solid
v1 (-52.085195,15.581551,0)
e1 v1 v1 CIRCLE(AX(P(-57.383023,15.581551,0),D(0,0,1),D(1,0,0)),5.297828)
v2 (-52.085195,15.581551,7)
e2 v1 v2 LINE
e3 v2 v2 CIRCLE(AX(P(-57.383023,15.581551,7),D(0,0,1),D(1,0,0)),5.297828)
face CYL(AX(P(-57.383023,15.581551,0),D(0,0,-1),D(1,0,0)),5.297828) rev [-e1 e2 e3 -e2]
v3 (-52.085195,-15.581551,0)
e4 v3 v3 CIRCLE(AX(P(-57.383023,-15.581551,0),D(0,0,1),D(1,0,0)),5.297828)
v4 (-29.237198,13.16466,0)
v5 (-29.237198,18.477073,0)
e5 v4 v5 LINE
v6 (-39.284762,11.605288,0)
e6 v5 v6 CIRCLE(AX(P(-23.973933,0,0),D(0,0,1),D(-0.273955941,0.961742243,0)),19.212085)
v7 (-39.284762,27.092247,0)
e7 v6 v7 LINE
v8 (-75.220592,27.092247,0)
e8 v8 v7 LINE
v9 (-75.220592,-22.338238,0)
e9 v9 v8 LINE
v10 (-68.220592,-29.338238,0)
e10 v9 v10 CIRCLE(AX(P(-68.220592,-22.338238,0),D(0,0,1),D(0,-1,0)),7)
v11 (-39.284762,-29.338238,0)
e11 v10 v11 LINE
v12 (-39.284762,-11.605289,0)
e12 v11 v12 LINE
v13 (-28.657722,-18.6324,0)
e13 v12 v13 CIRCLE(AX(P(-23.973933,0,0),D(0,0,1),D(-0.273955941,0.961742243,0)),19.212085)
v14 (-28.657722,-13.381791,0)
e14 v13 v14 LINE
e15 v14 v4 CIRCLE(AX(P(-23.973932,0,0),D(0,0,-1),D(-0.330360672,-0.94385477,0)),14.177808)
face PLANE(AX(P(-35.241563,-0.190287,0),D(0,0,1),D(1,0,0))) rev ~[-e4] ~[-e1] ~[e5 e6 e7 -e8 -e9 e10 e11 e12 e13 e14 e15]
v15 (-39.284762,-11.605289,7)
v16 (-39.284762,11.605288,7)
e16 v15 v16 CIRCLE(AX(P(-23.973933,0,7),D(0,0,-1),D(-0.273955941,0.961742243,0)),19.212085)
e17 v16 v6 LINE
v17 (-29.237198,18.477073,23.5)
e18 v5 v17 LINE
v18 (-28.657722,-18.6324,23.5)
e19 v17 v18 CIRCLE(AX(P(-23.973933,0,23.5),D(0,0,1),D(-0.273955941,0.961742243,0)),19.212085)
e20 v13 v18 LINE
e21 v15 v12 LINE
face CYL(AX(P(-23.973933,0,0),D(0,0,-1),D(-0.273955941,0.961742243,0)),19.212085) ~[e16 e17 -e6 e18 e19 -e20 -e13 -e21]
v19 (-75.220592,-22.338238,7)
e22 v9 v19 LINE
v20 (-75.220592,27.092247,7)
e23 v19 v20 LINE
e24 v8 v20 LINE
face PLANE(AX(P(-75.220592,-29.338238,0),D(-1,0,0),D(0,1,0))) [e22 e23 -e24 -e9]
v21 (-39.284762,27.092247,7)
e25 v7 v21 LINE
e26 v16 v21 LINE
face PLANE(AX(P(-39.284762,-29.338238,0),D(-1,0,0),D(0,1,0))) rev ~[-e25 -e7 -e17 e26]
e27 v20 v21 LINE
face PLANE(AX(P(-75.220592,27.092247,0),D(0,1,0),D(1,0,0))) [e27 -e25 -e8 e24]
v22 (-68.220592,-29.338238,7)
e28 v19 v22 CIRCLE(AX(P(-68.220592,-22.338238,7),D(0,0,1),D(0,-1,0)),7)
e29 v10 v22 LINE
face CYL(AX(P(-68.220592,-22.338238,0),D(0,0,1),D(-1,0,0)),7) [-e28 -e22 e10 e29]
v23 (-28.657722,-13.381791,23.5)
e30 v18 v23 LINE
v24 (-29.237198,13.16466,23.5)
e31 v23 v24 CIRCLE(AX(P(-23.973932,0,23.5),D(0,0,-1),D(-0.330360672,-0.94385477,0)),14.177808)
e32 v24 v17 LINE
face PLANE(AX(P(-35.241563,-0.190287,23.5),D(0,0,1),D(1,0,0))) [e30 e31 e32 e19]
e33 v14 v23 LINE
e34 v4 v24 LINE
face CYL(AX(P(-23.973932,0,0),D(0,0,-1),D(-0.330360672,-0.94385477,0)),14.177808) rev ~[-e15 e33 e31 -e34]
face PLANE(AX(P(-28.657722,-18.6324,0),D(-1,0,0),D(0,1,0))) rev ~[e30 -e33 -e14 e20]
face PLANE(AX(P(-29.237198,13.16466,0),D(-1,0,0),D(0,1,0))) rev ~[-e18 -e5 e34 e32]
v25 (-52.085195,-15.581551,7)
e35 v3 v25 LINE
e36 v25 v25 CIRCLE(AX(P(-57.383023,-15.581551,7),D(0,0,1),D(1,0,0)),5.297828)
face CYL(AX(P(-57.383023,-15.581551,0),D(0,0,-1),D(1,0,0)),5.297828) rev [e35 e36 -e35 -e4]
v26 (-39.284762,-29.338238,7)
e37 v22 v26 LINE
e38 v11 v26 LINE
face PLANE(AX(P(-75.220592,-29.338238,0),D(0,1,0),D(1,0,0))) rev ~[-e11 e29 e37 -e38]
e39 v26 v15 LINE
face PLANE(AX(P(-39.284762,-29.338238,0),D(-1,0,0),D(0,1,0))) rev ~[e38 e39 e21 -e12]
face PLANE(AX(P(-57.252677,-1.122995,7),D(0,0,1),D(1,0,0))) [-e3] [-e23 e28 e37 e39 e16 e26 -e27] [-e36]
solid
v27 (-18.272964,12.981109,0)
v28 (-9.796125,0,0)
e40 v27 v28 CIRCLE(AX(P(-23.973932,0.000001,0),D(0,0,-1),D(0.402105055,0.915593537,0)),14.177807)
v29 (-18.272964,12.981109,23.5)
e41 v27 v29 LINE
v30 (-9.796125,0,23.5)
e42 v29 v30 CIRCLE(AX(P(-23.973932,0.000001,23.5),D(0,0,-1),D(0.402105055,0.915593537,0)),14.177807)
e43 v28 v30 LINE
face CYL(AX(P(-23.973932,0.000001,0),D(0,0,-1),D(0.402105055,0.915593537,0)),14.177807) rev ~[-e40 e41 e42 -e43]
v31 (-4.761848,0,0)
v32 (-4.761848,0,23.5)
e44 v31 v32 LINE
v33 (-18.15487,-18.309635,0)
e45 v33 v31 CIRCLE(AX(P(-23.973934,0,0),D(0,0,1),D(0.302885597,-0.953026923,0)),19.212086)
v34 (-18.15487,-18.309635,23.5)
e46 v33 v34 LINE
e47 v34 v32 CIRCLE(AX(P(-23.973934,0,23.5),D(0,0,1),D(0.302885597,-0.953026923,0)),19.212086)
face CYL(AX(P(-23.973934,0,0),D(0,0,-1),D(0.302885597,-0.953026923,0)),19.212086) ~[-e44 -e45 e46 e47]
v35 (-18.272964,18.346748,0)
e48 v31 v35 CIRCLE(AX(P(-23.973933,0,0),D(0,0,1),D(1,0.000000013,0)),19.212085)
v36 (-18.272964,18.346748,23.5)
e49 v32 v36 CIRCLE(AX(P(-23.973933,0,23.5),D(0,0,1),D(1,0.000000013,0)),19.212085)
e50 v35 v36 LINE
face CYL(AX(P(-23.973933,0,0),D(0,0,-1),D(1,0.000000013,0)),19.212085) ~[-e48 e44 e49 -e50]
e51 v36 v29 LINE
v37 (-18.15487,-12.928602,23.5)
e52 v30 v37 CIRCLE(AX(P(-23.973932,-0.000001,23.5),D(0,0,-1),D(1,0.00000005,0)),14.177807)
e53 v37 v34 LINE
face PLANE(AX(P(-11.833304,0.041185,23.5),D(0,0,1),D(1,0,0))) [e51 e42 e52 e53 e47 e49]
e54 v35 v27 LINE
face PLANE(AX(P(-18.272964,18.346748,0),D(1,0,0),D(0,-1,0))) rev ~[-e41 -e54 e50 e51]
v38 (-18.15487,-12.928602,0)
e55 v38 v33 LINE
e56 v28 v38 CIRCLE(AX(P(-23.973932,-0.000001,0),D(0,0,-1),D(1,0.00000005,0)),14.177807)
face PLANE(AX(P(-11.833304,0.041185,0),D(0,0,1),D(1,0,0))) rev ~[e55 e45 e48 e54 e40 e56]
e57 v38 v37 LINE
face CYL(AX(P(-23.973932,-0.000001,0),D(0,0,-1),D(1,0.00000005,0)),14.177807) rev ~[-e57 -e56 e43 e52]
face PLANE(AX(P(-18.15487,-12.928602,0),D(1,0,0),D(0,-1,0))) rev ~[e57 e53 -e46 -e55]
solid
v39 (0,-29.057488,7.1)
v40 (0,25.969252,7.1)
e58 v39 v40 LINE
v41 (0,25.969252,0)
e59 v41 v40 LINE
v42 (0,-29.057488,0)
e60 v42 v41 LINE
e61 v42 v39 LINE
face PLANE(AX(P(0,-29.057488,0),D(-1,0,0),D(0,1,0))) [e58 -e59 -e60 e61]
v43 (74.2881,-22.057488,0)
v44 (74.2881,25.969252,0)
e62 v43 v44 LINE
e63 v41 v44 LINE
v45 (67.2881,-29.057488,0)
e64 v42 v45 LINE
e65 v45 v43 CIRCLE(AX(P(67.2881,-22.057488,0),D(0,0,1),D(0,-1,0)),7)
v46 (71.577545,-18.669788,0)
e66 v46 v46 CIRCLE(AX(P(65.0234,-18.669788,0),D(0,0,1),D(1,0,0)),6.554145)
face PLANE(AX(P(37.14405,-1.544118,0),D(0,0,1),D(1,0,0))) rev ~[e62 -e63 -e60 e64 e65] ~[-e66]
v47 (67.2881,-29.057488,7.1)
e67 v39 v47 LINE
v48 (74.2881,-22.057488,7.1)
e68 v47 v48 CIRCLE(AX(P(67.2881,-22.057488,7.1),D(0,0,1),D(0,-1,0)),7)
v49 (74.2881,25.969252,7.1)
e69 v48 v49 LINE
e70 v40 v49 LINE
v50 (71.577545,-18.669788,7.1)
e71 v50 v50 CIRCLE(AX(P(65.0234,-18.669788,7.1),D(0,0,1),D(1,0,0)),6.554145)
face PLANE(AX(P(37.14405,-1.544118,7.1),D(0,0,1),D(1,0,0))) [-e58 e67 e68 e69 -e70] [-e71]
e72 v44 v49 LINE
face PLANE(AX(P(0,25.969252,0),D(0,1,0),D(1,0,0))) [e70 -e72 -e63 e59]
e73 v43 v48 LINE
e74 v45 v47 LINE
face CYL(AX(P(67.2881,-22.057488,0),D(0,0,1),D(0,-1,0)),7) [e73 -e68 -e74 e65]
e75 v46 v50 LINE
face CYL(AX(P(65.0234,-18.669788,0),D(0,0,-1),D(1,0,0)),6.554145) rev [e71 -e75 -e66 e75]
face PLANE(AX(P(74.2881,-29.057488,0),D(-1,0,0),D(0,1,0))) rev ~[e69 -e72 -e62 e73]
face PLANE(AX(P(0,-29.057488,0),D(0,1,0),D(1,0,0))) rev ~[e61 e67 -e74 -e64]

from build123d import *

# Parameters (mm, degrees)
F0_W     = 35.93583
F0_H     = 56.430485
F0_R     = 5.297828
F1_DEPTH = 7
F2_R     = 7
F4_DEPTH = 23.5
F5_W     = 74.2881
F5_H     = 55.02674
F5_R     = 6.554145
F6_DEPTH = 7.1
F7_R     = 7


with BuildPart() as f1:
    # F0 (on Top) → F1 (new body)
    with BuildSketch(Plane.XY):
        with Locations((-57.252677, -1.122995)):
            Rectangle(F0_W, F0_H)
        with Locations((-57.383023, -15.581551)):
            Circle(F0_R, mode=Mode.SUBTRACT)
        with Locations((-57.383023, 15.581551)):
            Circle(F0_R, mode=Mode.SUBTRACT)
    extrude(amount=F1_DEPTH)

    # F2
    f2_edges = [f1.edges().sort_by_distance(p)[0] for p in [
        (-75.220592, -29.338237, 3.5),
    ]]
    fillet(f2_edges, radius=F2_R)

    # F3 (on Top) → F4 (join)
    with BuildSketch(Plane.XY):
        with BuildLine():
            Line((-29.237198, 13.16466), (-29.237198, 18.477073))
            ThreePointArc((-29.237198, 18.477073), (-43.183676, -0.299966), (-28.657722, -18.6324))
            Line((-28.657722, -18.6324), (-28.657722, -13.381791))
            ThreePointArc((-28.657722, -13.381791), (-38.148363, -0.30941), (-29.237198, 13.16466))
        make_face()
        with BuildLine():
            ThreePointArc((-18.15487, -18.309635), (-8.467474, -11.342572), (-4.761848, 0))
            ThreePointArc((-4.761848, 0), (-8.504096, 11.392469), (-18.272964, 18.346748))
            Line((-18.272964, 18.346748), (-18.272964, 12.981109))
            ThreePointArc((-18.272964, 12.981109), (-12.103013, 7.751871), (-9.796125, 0))
            ThreePointArc((-9.796125, 0), (-12.067804, -7.697684), (-18.15487, -12.928602))
            Line((-18.15487, -12.928602), (-18.15487, -18.309635))
        make_face()
    extrude(amount=F4_DEPTH)


with BuildPart() as f6:
    # F5 (on Top) → F6 (new body)
    with BuildSketch(Plane.XY):
        with Locations((37.14405, -1.544118)):
            Rectangle(F5_W, F5_H)
        with Locations((65.0234, -18.669788)):
            Circle(F5_R, mode=Mode.SUBTRACT)
    extrude(amount=F6_DEPTH)

    # F7
    f7_edges = [f6.edges().sort_by_distance(p)[0] for p in [
        (74.2881, -29.057488, 3.55),
    ]]
    fillet(f7_edges, radius=F7_R)


solid = Compound([f1.part, f6.part])
